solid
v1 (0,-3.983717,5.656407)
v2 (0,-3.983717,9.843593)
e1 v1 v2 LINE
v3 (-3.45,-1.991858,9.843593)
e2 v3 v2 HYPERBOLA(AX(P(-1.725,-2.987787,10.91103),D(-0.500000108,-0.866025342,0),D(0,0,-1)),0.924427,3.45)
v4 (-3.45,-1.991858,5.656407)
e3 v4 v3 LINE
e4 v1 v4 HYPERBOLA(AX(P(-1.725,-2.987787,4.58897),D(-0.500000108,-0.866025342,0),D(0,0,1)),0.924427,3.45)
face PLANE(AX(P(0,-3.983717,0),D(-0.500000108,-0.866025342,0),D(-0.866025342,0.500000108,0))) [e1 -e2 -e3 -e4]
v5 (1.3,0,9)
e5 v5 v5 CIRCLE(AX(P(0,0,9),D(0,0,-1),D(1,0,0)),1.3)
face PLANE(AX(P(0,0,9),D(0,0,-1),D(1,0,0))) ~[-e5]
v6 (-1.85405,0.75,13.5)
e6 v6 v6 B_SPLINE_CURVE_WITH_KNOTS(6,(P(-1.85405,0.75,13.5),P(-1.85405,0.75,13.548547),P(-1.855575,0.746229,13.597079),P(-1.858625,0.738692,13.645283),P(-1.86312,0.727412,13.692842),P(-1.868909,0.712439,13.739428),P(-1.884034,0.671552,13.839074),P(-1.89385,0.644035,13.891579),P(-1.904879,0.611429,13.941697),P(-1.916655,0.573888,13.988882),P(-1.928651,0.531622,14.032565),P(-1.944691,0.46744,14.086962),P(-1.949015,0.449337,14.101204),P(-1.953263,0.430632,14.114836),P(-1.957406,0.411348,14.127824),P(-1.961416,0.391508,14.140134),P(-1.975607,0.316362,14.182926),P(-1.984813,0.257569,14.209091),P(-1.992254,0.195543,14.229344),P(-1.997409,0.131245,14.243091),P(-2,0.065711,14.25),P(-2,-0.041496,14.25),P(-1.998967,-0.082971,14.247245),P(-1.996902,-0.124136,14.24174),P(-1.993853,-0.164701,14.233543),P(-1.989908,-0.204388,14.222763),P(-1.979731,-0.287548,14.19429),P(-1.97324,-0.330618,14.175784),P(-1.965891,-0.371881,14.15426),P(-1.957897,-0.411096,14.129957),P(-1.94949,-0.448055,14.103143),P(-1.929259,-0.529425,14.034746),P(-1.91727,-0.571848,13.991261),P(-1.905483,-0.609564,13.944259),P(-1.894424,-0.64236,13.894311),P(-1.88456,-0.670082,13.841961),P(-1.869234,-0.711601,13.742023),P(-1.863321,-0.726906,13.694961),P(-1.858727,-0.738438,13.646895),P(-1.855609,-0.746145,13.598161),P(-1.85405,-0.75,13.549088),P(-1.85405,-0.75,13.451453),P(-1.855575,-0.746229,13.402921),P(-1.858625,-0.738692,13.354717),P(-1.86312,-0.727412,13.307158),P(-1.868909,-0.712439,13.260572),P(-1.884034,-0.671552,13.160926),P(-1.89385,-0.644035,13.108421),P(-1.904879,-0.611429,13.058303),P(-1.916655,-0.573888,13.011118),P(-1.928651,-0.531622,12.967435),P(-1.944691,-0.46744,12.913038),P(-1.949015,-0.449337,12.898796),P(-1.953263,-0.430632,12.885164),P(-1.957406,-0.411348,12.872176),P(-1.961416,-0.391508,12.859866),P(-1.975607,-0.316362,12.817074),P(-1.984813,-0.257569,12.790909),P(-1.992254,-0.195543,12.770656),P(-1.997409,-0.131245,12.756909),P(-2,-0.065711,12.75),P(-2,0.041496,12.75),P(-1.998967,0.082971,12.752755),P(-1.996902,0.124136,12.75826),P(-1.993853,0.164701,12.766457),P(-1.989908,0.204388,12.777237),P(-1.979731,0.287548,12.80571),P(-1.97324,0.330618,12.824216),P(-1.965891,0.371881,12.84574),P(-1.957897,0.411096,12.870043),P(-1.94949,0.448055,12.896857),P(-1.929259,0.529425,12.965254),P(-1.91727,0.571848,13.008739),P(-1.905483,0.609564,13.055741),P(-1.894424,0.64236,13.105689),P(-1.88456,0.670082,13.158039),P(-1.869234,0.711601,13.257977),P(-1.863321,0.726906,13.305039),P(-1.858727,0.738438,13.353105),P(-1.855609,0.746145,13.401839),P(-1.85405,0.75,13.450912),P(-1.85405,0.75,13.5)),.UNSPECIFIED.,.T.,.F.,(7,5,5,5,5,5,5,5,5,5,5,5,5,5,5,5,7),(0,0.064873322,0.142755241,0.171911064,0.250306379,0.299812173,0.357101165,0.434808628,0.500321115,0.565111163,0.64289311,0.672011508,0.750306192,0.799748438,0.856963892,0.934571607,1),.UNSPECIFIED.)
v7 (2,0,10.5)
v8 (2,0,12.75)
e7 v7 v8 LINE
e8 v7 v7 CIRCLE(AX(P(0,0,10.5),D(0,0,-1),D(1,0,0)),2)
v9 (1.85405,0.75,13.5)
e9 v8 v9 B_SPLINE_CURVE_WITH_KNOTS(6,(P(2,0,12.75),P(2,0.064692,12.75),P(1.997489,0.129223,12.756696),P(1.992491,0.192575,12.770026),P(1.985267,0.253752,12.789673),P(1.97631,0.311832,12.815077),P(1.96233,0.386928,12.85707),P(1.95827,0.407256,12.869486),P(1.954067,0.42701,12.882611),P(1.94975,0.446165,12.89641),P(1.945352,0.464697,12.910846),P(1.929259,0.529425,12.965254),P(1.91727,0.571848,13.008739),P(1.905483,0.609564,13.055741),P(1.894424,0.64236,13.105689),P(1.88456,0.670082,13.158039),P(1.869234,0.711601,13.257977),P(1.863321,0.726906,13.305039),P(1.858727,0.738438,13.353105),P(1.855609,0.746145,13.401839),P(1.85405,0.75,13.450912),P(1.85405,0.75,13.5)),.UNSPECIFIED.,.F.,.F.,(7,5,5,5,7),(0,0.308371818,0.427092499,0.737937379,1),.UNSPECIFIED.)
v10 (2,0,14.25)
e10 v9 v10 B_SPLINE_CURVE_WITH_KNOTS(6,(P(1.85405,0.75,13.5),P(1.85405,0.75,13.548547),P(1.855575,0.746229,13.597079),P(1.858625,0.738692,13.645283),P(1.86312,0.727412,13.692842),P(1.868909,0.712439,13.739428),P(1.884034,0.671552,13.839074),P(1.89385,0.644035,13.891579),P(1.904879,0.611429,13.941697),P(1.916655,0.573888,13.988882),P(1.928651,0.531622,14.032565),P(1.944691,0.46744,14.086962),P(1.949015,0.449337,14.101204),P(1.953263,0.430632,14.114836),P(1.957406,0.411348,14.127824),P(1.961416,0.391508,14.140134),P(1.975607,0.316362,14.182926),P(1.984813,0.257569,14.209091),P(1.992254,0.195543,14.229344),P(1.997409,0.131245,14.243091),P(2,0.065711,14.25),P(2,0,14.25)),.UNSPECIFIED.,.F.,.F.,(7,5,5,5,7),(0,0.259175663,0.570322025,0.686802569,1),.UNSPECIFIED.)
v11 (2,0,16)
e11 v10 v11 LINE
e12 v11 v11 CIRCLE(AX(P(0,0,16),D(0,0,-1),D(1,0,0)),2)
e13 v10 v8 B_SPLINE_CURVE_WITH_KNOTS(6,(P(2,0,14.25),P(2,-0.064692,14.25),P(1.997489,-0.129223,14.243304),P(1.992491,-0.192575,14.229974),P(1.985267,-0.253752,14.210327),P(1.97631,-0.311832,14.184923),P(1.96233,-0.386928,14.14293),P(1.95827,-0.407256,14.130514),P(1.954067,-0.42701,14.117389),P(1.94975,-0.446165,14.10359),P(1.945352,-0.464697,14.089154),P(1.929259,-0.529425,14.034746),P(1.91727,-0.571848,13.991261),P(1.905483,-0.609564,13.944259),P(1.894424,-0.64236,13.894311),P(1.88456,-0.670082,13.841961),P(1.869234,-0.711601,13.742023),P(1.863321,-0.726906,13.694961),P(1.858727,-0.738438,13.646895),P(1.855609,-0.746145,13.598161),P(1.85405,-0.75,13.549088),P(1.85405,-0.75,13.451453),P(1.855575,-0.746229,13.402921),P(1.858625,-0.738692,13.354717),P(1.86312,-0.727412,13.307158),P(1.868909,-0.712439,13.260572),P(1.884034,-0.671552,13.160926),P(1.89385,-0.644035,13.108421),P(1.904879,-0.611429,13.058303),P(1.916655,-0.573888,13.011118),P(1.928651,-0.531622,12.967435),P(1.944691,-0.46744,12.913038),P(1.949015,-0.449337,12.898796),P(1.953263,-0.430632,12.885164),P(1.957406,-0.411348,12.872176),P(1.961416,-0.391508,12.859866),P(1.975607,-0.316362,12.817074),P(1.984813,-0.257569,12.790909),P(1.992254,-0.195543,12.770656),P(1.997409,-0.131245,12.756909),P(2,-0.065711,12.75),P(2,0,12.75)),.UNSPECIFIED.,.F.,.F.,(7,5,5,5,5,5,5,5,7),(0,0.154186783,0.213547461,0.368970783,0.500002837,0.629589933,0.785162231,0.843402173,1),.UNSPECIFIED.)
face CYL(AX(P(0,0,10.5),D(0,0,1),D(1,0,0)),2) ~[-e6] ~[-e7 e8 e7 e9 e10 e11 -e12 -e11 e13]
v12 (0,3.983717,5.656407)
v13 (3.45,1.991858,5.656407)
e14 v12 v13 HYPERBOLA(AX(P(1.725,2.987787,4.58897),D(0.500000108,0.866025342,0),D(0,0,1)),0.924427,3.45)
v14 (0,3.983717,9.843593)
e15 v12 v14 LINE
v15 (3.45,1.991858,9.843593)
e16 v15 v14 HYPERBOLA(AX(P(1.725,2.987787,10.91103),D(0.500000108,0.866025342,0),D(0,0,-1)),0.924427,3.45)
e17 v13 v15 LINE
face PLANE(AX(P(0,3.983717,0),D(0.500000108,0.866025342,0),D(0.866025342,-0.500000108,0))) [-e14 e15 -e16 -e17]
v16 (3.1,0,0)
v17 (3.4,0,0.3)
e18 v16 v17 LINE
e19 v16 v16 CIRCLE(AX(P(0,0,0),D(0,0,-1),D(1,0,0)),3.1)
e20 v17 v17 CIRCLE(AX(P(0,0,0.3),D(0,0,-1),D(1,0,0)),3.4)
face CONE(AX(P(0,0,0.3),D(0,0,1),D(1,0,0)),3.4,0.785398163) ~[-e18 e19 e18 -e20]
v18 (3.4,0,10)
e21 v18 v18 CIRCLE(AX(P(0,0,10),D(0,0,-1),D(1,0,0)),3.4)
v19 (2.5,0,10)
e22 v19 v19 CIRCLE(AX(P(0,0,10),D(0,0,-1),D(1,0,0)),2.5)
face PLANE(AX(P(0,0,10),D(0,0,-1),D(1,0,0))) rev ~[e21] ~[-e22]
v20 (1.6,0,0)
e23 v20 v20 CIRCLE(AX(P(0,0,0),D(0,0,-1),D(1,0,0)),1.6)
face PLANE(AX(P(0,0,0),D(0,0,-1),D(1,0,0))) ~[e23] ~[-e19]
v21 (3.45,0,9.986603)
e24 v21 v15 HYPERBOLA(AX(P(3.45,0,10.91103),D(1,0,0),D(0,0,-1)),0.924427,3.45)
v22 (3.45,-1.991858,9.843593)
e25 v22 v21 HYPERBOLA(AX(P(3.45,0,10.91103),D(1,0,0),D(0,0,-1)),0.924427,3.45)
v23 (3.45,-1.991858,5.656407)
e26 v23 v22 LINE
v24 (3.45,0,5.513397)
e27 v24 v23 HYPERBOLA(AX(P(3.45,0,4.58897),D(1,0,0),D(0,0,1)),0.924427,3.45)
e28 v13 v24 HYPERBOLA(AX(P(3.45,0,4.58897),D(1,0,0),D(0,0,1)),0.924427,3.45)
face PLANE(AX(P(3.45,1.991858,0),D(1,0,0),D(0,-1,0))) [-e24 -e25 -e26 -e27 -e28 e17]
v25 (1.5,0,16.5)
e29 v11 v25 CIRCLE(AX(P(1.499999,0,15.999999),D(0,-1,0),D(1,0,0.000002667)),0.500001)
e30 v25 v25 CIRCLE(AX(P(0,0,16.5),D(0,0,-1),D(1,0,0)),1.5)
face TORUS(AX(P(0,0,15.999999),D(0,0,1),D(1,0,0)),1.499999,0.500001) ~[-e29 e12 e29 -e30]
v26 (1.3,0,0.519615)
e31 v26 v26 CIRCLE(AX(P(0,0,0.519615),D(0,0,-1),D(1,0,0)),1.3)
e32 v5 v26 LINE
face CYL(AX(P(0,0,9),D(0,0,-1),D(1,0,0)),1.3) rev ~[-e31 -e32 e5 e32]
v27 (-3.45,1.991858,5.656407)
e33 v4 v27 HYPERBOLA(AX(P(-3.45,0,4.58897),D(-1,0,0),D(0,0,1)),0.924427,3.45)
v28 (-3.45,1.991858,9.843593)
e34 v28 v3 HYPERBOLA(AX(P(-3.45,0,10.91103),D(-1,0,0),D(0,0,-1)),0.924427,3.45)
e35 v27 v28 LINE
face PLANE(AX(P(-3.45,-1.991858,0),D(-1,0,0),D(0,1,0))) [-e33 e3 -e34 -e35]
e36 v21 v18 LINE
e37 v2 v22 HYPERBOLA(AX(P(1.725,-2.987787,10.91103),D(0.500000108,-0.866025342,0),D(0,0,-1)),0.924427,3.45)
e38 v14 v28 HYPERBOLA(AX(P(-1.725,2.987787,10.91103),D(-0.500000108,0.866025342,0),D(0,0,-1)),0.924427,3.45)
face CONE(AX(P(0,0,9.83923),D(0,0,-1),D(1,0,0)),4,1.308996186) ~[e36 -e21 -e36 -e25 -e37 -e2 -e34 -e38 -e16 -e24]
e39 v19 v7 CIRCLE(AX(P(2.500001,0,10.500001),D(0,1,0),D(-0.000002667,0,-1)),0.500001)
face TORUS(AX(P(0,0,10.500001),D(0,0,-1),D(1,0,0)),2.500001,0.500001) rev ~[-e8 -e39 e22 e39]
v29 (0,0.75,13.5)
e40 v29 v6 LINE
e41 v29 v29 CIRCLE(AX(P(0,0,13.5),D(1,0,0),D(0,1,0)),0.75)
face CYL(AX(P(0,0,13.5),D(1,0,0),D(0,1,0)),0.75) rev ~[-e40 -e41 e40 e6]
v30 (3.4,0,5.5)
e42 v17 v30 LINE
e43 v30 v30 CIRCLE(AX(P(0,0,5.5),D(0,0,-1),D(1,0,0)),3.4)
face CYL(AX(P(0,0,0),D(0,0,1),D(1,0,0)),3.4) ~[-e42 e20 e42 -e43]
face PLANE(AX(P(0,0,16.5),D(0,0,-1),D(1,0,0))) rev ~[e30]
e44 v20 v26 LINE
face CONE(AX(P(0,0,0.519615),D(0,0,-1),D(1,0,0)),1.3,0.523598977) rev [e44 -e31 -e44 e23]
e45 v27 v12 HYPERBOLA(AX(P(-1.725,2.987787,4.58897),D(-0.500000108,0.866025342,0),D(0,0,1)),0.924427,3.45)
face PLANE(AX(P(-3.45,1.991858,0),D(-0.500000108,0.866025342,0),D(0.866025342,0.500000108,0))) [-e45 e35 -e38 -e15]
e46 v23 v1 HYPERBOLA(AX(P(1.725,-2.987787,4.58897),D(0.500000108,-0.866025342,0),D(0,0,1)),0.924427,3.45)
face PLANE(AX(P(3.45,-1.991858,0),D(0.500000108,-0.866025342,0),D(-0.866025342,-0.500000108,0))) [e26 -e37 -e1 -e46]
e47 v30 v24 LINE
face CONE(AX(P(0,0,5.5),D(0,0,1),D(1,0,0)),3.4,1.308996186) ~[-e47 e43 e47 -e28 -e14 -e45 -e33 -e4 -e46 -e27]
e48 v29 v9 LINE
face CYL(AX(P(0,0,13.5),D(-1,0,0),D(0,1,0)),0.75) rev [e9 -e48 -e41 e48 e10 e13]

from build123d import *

# Parameters (mm, degrees)
F2_R          = 5.941705
F3_DEPTH      = 16.501
F4_R          = 0.75
F5_DEPTH      = 3.451
F5_DEPTH_BACK = 3.451
F6_SIZE       = 0.3
F7_SIZE2      = 0.519615
F7_SIZE       = 0.3


with BuildPart() as f1:
    # F0 (on Front) → F1 (revolve)
    with BuildSketch(Plane.XZ):
        with BuildLine():
            Line((1.3, 9), (1.3, 0))
            Line((1.3, 0), (3.4, 0))
            Line((3.4, 0), (3.4, 5.5))
            Line((3.4, 5.5), (4, 5.66077))
            Line((4, 5.66077), (4, 9.83923))
            Line((4, 9.83923), (3.4, 10))
            Line((3.4, 10), (2.5, 10))
            ThreePointArc((2.5, 10), (2.146447, 10.146447), (2, 10.5))
            Line((2, 10.5), (2, 16))
            ThreePointArc((2, 16), (1.853553, 16.353553), (1.5, 16.5))
            Line((1.5, 16.5), (0, 16.5))
            Line((0, 16.5), (0, 9))
            Line((0, 9), (1.3, 9))
        make_face()
    revolve(axis=Axis((0, 0, 7.769906), (0, 0, -1)))

    # F2 (on Top) → F3 (cut, through all)
    with BuildSketch(Plane.XY):
        with Locations((0, -0.622483)):
            Circle(F2_R)
        Polygon((0, 3.983717), (3.45, 1.991858), (3.45, -1.991858), (0, -3.983717), (-3.45, -1.991858), (-3.45, 1.991858), align=None, mode=Mode.SUBTRACT)
    extrude(amount=F3_DEPTH, mode=Mode.SUBTRACT)

    # F4 (on Right) → F5 (cut, two sides)
    with BuildSketch(Plane.YZ) as f5_sk:
        with Locations((0, 13.5)):
            Circle(F4_R)
    extrude(amount=F5_DEPTH, mode=Mode.SUBTRACT)
    extrude(f5_sk.sketch, amount=-F5_DEPTH_BACK, mode=Mode.SUBTRACT)

    # F6
    f6_edges = [f1.edges().sort_by_distance(p)[0] for p in [
        (-3.4, 0, 0),
    ]]
    chamfer(f6_edges, length=F6_SIZE)

    # F7
    f7_edges = [f1.edges().sort_by_distance(p)[0] for p in [
        (-1.3, 0, 0),
    ]]
    chamfer(f7_edges, length=F7_SIZE, length2=F7_SIZE2)


solid = f1.part
